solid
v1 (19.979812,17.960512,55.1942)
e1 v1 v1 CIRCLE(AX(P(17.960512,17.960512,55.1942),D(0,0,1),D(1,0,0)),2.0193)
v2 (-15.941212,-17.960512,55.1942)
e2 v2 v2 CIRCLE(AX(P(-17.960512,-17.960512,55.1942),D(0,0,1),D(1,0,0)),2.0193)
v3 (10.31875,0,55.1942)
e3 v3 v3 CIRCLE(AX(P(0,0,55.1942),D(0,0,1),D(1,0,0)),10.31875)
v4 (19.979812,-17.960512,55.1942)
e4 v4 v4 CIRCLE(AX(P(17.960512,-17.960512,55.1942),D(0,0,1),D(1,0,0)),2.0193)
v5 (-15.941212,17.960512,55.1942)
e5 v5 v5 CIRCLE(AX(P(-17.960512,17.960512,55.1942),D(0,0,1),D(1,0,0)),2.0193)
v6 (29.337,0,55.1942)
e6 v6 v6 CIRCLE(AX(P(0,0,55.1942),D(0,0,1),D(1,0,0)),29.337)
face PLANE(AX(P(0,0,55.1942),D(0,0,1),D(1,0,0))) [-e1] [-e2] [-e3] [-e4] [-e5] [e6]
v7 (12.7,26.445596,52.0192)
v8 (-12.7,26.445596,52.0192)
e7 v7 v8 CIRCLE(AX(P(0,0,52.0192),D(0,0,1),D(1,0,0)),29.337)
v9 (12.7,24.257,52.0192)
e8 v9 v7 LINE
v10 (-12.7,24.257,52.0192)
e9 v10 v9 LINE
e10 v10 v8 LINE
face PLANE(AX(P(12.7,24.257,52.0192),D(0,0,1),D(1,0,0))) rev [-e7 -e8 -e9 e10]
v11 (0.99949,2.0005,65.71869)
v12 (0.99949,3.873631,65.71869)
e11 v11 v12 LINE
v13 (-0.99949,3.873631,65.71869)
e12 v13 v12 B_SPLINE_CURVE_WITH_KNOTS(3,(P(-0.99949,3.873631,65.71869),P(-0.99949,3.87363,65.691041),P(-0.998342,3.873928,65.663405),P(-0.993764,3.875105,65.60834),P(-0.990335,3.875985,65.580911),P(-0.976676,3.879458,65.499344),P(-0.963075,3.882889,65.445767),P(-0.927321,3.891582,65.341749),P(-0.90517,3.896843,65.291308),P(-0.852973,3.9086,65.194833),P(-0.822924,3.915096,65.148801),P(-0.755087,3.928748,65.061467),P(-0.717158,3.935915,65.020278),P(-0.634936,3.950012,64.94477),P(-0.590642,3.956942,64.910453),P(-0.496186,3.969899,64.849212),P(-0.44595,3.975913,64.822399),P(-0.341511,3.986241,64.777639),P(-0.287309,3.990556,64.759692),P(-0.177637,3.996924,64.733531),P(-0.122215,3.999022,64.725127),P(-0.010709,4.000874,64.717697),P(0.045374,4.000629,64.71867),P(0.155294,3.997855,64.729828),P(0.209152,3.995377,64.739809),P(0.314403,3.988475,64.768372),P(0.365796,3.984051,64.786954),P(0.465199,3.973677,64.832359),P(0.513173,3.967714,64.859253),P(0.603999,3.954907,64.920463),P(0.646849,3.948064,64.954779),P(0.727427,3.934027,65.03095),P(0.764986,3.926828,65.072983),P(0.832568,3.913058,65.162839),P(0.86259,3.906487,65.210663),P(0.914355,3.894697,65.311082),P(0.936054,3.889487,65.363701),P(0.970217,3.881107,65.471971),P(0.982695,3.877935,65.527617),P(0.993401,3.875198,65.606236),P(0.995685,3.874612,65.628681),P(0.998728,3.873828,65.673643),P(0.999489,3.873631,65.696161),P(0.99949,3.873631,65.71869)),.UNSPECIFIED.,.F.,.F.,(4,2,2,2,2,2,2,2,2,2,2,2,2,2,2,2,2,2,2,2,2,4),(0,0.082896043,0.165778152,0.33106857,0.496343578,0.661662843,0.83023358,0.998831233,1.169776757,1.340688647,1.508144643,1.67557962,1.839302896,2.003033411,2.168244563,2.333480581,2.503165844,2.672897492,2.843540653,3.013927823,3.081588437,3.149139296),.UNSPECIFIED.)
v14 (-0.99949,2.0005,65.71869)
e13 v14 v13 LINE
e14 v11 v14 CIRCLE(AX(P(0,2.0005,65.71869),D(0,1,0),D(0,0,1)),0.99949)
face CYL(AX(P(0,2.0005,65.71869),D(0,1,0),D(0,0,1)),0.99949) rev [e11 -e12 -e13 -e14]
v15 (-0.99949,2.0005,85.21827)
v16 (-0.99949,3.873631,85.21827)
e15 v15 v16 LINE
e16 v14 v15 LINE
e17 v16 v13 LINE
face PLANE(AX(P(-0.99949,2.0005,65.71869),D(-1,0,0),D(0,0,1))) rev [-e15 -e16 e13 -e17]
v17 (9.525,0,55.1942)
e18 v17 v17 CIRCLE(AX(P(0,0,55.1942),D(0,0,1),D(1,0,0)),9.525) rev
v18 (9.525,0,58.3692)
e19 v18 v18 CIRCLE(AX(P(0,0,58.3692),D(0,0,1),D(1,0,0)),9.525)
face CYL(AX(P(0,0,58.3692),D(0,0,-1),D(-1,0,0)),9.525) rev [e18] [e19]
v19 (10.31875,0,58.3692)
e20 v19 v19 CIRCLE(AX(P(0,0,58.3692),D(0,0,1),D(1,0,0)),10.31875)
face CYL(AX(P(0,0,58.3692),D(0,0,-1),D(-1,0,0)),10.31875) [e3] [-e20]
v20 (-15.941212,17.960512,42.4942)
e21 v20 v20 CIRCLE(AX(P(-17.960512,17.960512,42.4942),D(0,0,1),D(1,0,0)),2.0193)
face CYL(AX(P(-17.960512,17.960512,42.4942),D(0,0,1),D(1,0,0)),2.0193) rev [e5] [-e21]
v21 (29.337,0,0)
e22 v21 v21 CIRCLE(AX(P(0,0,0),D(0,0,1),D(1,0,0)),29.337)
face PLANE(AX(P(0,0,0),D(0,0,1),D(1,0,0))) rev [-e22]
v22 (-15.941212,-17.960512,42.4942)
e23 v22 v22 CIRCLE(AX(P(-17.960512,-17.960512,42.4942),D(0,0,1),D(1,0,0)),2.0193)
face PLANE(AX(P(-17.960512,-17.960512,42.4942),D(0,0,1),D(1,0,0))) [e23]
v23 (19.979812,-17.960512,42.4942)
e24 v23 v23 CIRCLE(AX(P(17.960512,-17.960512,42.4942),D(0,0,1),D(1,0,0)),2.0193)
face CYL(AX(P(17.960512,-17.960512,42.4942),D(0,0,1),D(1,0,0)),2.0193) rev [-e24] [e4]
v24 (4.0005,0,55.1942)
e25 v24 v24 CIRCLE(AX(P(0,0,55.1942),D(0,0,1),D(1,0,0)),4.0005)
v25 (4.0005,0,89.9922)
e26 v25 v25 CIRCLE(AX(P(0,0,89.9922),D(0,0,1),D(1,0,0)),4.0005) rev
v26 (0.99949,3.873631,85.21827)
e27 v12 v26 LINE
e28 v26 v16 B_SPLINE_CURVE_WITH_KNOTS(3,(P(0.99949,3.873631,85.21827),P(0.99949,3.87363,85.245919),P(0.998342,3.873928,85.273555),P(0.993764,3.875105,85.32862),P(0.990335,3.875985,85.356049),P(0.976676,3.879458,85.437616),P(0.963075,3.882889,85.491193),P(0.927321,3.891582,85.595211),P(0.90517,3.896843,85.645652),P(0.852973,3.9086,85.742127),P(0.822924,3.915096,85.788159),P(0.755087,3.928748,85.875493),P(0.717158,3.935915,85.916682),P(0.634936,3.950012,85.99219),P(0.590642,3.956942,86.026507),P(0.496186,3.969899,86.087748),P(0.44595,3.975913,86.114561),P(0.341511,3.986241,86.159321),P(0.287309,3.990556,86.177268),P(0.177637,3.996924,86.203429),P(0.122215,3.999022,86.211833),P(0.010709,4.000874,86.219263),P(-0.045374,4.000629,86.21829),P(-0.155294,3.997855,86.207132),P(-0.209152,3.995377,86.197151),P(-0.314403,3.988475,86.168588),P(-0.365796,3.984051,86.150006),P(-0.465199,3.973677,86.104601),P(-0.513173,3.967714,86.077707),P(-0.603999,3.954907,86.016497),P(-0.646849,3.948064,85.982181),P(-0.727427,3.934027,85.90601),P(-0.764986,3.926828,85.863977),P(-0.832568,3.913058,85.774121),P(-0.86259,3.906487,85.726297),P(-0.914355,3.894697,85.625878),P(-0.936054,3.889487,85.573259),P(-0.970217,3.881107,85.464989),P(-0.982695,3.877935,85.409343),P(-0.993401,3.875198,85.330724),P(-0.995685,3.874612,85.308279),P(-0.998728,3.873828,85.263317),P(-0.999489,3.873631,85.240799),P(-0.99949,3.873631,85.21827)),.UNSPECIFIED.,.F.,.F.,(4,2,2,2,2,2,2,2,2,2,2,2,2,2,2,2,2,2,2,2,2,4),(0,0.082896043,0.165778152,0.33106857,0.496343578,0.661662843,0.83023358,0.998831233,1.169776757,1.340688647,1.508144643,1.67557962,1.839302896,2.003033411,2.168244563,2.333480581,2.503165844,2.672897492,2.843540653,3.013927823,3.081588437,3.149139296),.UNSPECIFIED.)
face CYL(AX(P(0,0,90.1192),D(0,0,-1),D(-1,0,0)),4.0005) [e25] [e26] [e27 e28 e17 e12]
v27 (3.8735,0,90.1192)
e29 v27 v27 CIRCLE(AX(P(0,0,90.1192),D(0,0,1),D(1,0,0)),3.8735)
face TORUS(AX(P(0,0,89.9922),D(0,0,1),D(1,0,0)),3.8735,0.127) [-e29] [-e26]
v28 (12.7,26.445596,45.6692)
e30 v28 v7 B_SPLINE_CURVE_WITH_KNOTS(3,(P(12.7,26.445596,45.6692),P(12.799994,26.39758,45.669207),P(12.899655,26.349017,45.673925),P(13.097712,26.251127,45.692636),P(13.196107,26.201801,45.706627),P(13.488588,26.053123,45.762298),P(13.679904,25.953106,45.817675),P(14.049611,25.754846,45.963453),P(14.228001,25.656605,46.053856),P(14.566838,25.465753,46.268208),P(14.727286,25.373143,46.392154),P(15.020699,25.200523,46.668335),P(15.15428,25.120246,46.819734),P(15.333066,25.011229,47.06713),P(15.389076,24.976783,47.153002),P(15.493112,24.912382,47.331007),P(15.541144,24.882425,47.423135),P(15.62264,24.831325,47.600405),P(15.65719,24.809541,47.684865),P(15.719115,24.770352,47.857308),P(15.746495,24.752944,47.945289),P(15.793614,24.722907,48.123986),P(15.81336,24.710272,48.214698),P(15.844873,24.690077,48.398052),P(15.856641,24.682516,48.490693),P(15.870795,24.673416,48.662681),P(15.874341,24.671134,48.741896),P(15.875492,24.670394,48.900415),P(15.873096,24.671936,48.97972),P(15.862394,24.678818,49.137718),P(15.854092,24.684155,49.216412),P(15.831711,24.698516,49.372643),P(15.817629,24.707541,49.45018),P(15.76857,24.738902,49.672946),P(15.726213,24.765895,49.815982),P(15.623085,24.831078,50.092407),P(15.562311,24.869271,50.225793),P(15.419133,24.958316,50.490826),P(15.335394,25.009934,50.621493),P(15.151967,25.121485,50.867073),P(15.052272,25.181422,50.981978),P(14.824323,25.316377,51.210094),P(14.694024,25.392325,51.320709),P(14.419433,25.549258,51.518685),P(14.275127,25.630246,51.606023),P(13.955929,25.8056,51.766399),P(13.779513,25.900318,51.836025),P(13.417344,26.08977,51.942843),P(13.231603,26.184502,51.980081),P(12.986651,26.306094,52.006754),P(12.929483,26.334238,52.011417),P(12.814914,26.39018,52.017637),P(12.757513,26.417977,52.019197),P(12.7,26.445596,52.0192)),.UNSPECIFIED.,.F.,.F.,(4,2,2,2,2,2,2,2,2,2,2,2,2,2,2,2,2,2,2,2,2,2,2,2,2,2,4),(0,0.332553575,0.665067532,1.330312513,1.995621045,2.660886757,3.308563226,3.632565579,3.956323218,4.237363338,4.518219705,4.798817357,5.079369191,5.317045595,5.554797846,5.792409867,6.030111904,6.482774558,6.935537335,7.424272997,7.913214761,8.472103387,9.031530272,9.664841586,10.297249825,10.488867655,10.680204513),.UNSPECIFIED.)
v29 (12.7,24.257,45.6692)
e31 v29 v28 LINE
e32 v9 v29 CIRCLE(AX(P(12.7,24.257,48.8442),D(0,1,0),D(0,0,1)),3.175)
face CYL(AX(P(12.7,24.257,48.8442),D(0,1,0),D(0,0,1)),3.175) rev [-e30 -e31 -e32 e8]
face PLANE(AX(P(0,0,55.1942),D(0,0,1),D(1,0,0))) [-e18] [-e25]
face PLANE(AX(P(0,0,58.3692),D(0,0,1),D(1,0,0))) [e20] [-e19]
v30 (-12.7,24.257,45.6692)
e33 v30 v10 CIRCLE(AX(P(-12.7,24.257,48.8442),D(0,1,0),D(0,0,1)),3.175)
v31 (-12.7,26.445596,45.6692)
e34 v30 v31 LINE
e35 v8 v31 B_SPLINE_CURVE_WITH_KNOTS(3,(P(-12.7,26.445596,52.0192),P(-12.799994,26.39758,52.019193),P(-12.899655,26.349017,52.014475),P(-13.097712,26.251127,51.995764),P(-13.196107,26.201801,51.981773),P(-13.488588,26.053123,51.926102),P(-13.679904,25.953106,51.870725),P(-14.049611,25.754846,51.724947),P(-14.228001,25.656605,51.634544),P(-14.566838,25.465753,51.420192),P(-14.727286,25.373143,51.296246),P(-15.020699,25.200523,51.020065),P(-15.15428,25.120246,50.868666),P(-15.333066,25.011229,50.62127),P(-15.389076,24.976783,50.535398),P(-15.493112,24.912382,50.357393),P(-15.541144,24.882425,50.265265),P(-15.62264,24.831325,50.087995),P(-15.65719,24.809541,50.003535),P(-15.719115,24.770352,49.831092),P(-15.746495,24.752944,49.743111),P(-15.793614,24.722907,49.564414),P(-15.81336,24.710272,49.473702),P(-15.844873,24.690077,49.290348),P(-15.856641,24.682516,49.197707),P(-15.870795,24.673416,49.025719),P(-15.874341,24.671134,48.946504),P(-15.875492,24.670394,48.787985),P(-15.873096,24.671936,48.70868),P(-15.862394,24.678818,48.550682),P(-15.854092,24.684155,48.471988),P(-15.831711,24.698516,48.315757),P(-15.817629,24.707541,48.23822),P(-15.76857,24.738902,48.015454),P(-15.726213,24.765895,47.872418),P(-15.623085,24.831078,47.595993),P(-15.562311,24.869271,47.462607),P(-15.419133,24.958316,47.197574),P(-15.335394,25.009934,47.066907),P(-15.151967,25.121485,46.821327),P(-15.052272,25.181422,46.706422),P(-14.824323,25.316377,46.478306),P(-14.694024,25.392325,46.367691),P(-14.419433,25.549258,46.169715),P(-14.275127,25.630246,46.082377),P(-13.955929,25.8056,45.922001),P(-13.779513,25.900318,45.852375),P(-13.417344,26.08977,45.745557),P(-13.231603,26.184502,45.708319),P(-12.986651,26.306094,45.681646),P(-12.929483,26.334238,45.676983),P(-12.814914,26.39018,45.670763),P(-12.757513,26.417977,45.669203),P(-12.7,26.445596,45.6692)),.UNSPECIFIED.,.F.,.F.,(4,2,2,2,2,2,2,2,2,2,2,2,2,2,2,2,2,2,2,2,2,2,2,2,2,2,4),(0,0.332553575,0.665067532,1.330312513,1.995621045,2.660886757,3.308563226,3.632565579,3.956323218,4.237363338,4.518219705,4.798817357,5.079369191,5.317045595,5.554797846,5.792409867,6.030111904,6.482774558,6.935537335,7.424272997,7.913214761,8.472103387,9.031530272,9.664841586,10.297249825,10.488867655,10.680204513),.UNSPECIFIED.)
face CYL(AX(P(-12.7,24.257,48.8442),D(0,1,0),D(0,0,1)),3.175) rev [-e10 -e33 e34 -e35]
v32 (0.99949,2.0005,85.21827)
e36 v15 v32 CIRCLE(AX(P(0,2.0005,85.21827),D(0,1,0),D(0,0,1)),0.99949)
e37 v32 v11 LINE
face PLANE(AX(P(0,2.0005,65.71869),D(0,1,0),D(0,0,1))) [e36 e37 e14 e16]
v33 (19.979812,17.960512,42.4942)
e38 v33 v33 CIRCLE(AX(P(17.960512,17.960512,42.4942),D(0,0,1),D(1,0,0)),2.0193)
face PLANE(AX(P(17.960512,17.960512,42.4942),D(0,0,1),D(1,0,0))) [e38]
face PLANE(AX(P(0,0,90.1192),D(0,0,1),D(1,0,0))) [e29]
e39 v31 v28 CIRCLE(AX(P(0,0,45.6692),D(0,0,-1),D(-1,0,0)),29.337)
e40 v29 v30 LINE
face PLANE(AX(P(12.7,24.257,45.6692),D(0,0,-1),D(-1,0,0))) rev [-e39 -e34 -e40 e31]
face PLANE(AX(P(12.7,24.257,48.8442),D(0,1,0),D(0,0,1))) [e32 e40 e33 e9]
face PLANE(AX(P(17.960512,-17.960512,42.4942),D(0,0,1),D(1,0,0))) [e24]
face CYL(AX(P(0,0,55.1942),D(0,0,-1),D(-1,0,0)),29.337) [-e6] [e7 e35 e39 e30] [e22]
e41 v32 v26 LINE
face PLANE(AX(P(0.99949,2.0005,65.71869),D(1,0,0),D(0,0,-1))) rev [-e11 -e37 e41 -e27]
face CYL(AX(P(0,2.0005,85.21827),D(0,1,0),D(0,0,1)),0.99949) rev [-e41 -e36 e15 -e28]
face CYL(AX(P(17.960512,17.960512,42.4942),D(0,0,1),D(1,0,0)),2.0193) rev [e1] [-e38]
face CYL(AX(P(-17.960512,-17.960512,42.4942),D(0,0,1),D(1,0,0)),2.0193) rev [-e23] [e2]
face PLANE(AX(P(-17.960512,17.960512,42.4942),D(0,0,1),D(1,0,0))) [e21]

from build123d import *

# Parameters (mm, degrees)
SKETCH1_R           = 29.337
BOSS_EXTRUDE1_DEPTH = 55.1942
SKETCH2_R           = 10.31875
SKETCH2_R_2         = 9.525
BOSS_EXTRUDE2_DEPTH = 3.175
SKETCH3_R           = 4.0005
BOSS_EXTRUDE3_DEPTH = 34.925
SKETCH4_R           = 2.0193
CUT_EXTRUDE1_DEPTH  = 12.7
CUT_EXTRUDE2_DEPTH  = 5.08
CUT_EXTRUDE3_DEPTH  = 2
FILLET1_R           = 0.127


with BuildPart() as part:
    # Sketch1 → Boss-Extrude1 (new body)
    with BuildSketch(Plane.XY):
        Circle(SKETCH1_R)
    extrude(amount=BOSS_EXTRUDE1_DEPTH)

    # Sketch2 → Boss-Extrude2 (add)
    with BuildSketch(Plane.XY.offset(55.1942)):
        Circle(SKETCH2_R)
        Circle(SKETCH2_R_2, mode=Mode.SUBTRACT)
    extrude(amount=BOSS_EXTRUDE2_DEPTH)

    # Sketch3 → Boss-Extrude3 (add)
    with BuildSketch(Plane.XY.offset(55.1942)):
        Circle(SKETCH3_R)
    extrude(amount=BOSS_EXTRUDE3_DEPTH)

    # Sketch4 → Cut-Extrude1 (cut)
    with BuildSketch(Plane.XY.offset(55.1942)):
        with Locations((17.960512242, -17.960512242)):
            Circle(SKETCH4_R)
        with Locations((-17.960512242, -17.960512242)):
            Circle(SKETCH4_R)
        with Locations((-17.960512242, 17.960512242)):
            Circle(SKETCH4_R)
        with Locations((17.960512242, 17.960512242)):
            Circle(SKETCH4_R)
    extrude(amount=-CUT_EXTRUDE1_DEPTH, mode=Mode.SUBTRACT)

    # Sketch5 → Cut-Extrude2 (cut)
    with BuildSketch(Plane(origin=(0, 29.337, 0), x_dir=(1, 0, 0), z_dir=(0, 1, 0))):
        with BuildLine():
            Line((12.7, -52.0192), (-12.7, -52.0192))
            ThreePointArc((-12.7, -52.0192), (-15.875, -48.8442), (-12.7, -45.6692))
            Line((-12.7, -45.6692), (12.7, -45.6692))
            ThreePointArc((12.7, -45.6692), (15.875, -48.8442), (12.7, -52.0192))
        make_face()
    extrude(amount=-CUT_EXTRUDE2_DEPTH, mode=Mode.SUBTRACT)

    # Sketch6 → Cut-Extrude3 (cut)
    with BuildSketch(Plane(origin=(0, 4.0005, 0), x_dir=(1, 0, 0), z_dir=(0, 1, 0))):
        with BuildLine():
            Line((0.99949, -65.71869), (0.99949, -85.21827))
            ThreePointArc((0.99949, -85.21827), (0, -86.21776), (-0.99949, -85.21827))
            Line((-0.99949, -85.21827), (-0.99949, -65.71869))
            ThreePointArc((-0.99949, -65.71869), (0, -64.7192), (0.99949, -65.71869))
        make_face()
    extrude(amount=-CUT_EXTRUDE3_DEPTH, mode=Mode.SUBTRACT)

    # Fillet1
    fillet1_edges = [part.edges().sort_by_distance(p)[0] for p in [
        (-4.0005, 0, 90.1192),
    ]]
    fillet(fillet1_edges, radius=FILLET1_R)


solid = part.part
